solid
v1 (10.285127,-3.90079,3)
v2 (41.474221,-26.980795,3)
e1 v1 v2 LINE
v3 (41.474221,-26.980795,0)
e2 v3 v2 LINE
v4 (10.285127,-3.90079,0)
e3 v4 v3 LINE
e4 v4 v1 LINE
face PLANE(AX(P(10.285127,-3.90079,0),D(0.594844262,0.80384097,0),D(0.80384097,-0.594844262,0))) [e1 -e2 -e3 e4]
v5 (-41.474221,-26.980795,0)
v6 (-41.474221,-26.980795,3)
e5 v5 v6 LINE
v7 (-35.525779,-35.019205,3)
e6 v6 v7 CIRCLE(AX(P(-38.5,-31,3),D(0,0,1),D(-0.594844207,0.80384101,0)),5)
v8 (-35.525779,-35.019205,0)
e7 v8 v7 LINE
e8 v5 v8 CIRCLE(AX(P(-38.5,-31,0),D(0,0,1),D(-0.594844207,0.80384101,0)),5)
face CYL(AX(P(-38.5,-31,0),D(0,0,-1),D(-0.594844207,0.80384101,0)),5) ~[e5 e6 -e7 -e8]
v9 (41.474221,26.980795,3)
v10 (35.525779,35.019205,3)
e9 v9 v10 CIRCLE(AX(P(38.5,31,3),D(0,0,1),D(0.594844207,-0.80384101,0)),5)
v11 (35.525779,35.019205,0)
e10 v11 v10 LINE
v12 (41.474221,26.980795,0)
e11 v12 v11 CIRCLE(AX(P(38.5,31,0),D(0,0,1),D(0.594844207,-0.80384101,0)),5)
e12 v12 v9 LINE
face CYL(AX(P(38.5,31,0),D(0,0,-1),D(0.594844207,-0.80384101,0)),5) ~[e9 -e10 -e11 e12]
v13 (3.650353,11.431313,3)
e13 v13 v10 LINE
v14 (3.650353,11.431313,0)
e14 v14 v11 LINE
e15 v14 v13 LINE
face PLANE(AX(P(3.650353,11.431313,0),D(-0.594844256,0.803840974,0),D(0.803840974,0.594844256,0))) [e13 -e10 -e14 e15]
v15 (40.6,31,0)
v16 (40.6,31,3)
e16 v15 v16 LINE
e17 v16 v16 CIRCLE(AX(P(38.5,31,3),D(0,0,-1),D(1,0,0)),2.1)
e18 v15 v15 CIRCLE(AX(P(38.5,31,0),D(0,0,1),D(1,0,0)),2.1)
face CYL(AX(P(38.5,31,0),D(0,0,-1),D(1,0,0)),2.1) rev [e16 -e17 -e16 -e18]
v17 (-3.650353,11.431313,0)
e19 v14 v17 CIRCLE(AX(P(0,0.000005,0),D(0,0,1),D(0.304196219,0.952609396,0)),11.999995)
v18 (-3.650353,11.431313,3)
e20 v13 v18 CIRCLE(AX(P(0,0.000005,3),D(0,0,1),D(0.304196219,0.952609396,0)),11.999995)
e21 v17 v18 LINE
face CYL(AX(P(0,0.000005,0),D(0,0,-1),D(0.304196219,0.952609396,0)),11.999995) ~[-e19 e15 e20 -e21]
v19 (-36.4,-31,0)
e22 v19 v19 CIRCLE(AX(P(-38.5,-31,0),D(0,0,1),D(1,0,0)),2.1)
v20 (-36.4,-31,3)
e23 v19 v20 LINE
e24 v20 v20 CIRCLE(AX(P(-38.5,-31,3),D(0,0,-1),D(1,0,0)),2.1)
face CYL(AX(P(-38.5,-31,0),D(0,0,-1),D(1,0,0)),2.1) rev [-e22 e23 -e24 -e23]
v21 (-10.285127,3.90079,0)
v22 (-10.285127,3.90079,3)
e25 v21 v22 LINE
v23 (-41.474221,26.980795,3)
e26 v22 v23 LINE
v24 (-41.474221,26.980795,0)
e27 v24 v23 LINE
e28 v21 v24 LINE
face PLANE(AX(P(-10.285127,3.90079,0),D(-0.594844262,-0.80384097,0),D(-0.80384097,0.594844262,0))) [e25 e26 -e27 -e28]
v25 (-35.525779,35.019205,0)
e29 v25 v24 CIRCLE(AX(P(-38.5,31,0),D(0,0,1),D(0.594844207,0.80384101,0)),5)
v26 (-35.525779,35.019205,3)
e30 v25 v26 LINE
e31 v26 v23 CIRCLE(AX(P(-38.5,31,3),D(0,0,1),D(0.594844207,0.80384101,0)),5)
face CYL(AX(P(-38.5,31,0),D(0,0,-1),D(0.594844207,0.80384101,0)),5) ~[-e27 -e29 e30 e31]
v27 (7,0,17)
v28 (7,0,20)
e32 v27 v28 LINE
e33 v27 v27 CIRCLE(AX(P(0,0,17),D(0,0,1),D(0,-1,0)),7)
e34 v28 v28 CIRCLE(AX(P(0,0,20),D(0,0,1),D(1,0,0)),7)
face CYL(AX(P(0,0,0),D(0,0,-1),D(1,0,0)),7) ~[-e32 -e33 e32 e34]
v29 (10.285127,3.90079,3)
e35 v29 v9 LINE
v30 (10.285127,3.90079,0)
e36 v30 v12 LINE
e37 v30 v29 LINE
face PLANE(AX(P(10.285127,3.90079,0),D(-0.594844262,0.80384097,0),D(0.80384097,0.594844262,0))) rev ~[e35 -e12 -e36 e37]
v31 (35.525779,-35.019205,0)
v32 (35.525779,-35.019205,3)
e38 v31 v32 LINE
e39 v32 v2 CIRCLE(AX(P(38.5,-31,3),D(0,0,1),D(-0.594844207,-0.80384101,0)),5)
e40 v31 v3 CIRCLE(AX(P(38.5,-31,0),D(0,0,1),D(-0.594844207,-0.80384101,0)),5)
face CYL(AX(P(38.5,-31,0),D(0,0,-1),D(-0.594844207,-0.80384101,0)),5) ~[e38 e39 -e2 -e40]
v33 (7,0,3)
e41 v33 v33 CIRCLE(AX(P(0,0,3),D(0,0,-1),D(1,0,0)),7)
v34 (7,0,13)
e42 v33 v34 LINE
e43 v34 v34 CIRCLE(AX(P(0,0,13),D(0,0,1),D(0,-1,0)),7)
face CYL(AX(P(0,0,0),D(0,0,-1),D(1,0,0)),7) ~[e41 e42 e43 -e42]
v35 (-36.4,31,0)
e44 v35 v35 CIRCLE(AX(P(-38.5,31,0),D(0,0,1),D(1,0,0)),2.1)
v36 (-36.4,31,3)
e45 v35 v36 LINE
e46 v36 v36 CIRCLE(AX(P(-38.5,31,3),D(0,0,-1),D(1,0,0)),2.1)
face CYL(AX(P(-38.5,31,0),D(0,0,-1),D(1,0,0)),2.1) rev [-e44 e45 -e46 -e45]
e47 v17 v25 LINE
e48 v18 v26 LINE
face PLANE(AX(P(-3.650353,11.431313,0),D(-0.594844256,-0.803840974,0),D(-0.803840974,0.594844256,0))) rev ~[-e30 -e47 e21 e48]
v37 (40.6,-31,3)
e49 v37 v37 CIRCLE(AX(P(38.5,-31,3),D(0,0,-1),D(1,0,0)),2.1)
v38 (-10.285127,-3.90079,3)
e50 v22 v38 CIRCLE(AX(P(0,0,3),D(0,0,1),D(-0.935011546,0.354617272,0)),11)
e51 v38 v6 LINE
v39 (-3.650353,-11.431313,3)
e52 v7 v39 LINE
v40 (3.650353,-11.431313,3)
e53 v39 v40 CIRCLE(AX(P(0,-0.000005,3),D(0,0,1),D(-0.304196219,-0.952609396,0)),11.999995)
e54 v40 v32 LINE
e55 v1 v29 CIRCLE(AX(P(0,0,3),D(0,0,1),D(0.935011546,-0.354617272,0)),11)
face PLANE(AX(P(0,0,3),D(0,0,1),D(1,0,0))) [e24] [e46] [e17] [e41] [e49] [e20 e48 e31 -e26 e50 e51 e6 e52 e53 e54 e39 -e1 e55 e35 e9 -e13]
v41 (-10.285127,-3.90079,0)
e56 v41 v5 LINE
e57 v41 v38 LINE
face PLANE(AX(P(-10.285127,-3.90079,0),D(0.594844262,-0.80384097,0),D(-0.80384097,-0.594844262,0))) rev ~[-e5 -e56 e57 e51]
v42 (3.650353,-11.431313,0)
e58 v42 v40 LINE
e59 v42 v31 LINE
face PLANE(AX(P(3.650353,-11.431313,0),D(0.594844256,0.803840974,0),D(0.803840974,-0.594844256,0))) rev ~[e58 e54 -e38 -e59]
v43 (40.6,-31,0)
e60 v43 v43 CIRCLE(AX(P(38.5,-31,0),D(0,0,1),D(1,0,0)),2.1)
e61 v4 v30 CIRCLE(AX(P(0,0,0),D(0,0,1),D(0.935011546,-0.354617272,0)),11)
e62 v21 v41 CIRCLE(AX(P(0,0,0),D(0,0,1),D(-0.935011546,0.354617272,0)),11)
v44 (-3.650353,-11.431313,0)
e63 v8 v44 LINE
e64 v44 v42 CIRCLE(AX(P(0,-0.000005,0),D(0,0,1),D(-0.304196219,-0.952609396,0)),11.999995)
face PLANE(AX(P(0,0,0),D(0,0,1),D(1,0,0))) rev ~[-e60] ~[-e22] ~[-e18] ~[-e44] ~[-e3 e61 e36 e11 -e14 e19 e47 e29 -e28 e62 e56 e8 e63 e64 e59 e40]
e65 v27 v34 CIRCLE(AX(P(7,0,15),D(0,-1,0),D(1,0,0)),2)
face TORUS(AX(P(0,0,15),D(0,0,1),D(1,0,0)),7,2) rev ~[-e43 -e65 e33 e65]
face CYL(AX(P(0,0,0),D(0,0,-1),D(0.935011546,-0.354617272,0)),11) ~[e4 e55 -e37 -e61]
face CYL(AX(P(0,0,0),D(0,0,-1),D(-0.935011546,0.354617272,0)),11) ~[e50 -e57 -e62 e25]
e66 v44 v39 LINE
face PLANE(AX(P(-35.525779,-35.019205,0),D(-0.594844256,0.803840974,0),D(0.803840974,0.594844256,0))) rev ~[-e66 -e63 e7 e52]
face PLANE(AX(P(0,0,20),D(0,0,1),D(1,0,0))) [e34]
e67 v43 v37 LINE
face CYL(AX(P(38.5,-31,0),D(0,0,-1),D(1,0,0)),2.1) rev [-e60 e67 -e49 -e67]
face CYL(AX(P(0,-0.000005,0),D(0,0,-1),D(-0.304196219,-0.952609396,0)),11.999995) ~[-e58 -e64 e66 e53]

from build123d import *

# Parameters (mm, degrees)
TORUS_R           = 2
CYLINDER001_R     = 2.1
CYLINDER001_DEPTH = 10
ARRAY_X_COUNT     = 2
ARRAY_X_PITCH     = 77
ARRAY_Y_COUNT     = 2
ARRAY_Y_PITCH     = 62
PAD002_DEPTH      = 3
CYLINDER_R        = 7
CYLINDER_DEPTH    = 20


with BuildPart() as torus:
    # Torus → Torus (revolve)
    with BuildSketch(Plane(origin=(0, 0, 15), x_dir=(1, 0, 0), z_dir=(0, -1, 0))):
        with Locations((7, 0)):
            Circle(TORUS_R)
    revolve(axis=Axis((0, 0, 15), (0, 0, 1)))


with BuildPart() as extract_fusion:
    # Cylinder001 → Cylinder001 (new body)
    with BuildSketch(Plane.XY):
        Circle(CYLINDER001_R)
    extrude(amount=CYLINDER001_DEPTH)

    # Array X: extract fusion ×2


with BuildPart() as extract_fusion_1:
    add(extract_fusion.part)
    with Locations(*[(i * ARRAY_X_PITCH, 0, 0) for i in range(1, ARRAY_X_COUNT)]):
        add(extract_fusion.part)

    # Array Y: extract fusion ×2


with BuildPart() as extract_fusion_2:
    add(extract_fusion_1.part)
    with Locations(*[(0, i * ARRAY_Y_PITCH, 0) for i in range(1, ARRAY_Y_COUNT)]):
        add(extract_fusion_1.part)


with BuildPart() as extract_fusion_3:
    # Array placement: moved
    add(extract_fusion_2.part.moved(Location((-38.5, -31, 0))))

    # Fusion: union Torus
    add(torus.part)


with BuildPart() as base_body:
    # Sketch002 → Pad002 (new body)
    with BuildSketch(Plane.XY):
        with BuildLine():
            Line((-10.285127, -3.90079), (-41.474221, -26.980795))
            ThreePointArc((-41.474221, -26.980795), (-42.519205, -33.974221), (-35.525779, -35.019205))
            Line((-35.525779, -35.019205), (-3.650353, -11.431313))
            ThreePointArc((-3.650353, -11.431313), (0, -12), (3.650353, -11.431313))
            Line((3.650353, -11.431313), (35.525779, -35.019205))
            ThreePointArc((35.525779, -35.019205), (42.519205, -33.974221), (41.474221, -26.980795))
            Line((10.285127, -3.90079), (41.474221, -26.980795))
            ThreePointArc((10.285127, -3.90079), (11, 0), (10.285127, 3.90079))
            Line((10.285127, 3.90079), (41.474221, 26.980795))
            ThreePointArc((41.474221, 26.980795), (42.519205, 33.974221), (35.525779, 35.019205))
            Line((3.650353, 11.431313), (35.525779, 35.019205))
            ThreePointArc((3.650353, 11.431313), (0, 12), (-3.650353, 11.431313))
            Line((-3.650353, 11.431313), (-35.525779, 35.019205))
            ThreePointArc((-35.525779, 35.019205), (-42.519205, 33.974221), (-41.474221, 26.980795))
            Line((-10.285127, 3.90079), (-41.474221, 26.980795))
            ThreePointArc((-10.285127, 3.90079), (-11, 0), (-10.285127, -3.90079))
        make_face()
    extrude(amount=PAD002_DEPTH)


with BuildPart() as base_cut:
    # Cylinder → Cylinder (new body)
    with BuildSketch(Plane.XY):
        Circle(CYLINDER_R)
    extrude(amount=CYLINDER_DEPTH)

    # Fusion001: union base body
    add(base_body.part)

    # Cut: cut extract fusion
    add(extract_fusion_3.part, mode=Mode.SUBTRACT)


solid = base_cut.part
